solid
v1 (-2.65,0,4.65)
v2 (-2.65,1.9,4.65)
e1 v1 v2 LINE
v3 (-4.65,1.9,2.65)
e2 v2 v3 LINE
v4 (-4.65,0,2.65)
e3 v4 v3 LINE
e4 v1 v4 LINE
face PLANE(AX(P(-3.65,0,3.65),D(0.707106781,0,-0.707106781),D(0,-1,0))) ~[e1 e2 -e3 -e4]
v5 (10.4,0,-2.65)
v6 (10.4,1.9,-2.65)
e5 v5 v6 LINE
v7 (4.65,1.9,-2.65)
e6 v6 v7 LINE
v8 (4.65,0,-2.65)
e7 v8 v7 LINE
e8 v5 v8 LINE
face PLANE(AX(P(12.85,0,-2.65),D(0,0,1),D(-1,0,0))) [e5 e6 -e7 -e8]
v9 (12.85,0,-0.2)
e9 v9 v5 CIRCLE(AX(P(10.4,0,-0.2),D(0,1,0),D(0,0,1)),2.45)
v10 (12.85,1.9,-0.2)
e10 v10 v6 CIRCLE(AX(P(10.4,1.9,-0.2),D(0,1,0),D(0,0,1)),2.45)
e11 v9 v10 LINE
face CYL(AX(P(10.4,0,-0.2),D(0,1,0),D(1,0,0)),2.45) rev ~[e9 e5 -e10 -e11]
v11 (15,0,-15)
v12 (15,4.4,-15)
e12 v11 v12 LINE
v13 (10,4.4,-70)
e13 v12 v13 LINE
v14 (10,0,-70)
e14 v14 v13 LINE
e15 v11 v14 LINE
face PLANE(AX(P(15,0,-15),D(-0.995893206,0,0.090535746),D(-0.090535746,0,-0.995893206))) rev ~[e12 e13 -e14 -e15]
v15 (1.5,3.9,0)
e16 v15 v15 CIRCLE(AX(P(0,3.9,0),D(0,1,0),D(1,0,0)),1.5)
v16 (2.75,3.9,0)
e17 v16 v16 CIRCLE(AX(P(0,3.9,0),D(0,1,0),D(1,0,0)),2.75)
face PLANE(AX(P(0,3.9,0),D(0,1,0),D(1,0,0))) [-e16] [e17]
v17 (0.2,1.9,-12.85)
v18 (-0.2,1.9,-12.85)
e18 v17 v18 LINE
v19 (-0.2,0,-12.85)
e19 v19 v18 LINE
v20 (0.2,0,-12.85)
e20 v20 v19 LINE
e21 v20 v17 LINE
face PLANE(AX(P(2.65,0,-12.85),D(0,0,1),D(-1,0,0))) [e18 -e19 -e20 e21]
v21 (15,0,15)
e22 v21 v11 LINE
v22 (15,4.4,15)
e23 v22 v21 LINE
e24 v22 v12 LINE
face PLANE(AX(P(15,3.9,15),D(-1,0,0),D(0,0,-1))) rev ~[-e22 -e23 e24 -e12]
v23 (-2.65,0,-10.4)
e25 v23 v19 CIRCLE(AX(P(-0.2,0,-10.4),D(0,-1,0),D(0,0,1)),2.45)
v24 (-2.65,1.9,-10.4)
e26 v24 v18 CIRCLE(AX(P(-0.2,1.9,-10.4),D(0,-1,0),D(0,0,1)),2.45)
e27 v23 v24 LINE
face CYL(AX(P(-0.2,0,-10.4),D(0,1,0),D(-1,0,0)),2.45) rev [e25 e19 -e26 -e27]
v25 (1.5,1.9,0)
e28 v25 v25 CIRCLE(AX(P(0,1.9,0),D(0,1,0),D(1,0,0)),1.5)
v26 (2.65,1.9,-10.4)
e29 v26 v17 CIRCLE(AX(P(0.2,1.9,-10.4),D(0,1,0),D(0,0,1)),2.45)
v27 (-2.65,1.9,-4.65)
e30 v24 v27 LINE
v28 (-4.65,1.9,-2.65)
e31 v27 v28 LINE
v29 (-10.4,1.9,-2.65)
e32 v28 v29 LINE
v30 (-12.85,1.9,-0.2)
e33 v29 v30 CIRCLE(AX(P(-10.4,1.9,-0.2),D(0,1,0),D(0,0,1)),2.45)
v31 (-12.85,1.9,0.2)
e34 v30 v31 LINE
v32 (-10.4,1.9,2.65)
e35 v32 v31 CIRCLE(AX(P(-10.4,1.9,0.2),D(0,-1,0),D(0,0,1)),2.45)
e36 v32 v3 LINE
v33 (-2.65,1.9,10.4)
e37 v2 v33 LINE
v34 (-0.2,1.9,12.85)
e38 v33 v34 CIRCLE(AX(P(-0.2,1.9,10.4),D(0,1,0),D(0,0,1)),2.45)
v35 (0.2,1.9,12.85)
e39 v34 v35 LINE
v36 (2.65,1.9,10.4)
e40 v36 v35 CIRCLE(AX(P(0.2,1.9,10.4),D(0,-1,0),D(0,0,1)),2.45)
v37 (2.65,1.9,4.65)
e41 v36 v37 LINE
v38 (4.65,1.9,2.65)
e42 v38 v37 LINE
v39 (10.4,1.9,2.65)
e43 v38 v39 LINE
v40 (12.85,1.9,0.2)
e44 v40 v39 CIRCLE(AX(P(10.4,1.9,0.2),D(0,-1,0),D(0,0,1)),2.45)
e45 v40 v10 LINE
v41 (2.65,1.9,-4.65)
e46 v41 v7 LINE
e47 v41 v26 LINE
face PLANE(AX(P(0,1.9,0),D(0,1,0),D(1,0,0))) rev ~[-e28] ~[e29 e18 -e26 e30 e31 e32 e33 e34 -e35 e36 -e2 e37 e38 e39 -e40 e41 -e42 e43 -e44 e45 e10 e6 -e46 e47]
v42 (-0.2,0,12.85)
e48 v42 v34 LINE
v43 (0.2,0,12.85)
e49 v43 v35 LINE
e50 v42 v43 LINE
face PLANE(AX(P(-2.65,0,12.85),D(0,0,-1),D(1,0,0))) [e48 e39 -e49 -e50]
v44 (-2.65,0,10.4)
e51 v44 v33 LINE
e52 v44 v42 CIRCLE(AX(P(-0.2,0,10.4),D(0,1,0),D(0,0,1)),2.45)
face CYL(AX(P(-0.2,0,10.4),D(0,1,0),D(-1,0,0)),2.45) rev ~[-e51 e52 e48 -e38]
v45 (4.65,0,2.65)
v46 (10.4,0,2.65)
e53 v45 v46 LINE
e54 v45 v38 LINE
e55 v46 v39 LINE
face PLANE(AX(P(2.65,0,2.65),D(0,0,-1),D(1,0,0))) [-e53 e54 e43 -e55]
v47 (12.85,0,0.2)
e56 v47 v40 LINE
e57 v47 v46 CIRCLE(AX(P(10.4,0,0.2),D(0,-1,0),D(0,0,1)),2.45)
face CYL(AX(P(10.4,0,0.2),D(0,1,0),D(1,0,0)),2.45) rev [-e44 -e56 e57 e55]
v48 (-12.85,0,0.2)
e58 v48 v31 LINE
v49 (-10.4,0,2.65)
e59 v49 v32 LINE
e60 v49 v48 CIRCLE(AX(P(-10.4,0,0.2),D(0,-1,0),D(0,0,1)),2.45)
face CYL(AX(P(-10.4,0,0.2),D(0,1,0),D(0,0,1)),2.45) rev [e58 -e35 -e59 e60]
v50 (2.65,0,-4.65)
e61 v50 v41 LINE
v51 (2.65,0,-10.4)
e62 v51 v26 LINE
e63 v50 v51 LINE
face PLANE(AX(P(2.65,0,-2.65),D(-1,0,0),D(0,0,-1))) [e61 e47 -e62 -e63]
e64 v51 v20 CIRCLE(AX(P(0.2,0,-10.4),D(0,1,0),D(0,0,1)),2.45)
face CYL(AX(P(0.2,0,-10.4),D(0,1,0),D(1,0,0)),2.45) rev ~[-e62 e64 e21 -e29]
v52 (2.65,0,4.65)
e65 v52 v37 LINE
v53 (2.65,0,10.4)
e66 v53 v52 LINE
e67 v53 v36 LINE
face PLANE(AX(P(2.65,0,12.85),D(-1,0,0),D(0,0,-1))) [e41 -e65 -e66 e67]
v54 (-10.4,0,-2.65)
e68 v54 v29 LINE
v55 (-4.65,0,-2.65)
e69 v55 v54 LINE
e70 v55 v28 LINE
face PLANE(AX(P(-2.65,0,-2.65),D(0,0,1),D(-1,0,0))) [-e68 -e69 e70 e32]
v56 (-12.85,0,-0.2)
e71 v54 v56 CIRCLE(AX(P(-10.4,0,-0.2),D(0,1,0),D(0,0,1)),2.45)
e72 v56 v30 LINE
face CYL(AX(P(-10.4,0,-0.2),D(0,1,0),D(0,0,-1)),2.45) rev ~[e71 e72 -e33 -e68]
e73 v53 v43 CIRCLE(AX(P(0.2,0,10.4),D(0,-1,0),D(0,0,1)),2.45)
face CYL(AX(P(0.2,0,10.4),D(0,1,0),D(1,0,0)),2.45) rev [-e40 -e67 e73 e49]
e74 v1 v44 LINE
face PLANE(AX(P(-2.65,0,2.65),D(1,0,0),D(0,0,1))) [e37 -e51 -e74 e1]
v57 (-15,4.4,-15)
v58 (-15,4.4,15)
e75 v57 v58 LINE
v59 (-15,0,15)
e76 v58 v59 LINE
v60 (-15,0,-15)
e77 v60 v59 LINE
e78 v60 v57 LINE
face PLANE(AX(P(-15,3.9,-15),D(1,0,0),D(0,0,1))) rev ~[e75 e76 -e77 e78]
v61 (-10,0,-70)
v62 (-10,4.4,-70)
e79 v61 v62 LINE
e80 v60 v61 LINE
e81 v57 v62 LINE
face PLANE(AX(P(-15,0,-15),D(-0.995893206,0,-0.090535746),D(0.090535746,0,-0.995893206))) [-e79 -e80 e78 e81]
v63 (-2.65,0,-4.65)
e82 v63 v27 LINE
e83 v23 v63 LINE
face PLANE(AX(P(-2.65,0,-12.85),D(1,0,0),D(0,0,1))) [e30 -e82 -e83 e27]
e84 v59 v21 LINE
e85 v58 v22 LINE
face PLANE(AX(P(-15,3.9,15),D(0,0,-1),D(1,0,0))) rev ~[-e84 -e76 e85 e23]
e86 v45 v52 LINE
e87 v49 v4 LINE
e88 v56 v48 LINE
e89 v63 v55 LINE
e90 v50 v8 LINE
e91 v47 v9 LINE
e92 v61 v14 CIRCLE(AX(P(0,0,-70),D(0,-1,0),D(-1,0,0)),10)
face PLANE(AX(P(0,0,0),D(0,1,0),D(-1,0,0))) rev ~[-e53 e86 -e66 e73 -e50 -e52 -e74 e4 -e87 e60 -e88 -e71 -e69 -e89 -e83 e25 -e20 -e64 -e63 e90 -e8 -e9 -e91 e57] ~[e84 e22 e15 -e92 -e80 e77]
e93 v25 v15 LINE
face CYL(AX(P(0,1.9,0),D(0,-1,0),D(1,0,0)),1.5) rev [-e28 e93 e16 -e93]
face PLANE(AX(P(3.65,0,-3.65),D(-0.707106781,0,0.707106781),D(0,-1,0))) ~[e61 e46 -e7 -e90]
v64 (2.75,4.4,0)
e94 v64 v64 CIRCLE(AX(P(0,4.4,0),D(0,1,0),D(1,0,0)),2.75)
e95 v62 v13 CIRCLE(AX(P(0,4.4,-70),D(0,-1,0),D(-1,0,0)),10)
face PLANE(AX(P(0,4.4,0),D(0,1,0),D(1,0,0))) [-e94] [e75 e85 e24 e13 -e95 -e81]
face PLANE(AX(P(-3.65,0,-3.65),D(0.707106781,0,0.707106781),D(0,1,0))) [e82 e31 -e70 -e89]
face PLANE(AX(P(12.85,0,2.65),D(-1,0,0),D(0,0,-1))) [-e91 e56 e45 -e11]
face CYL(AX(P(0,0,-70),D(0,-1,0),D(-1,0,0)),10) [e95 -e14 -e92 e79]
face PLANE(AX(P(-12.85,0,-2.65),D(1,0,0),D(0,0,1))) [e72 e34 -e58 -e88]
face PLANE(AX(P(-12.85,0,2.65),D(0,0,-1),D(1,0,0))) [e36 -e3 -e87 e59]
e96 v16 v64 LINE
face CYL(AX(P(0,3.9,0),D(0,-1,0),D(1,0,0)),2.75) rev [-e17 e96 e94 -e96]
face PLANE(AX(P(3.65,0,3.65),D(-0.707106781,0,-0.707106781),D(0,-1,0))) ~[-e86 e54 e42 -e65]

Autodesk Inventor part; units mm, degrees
ref_plane "YZ Plane" through (0, 0, 0) normal (1, 0, 0) x (0, 1, 0)
ref_plane "XZ Plane" through (0, 0, 0) normal (0, 1, 0) x (-1, 0, 0)
ref_plane "XY Plane" through (0, 0, 0) normal (0, 0, 1) x (1, 0, 0)
sketch "Sketch1" plane through (0, 0, 0) normal (0, 1, 0) x (-1, 0, 0)
  line L0 (-15, -15) -> (15, -15)
  line L1 (15, -15) -> (15, 15)
  line L2 (15, 15) -> (-15, 15)
  line L3 (-15, 15) -> (-15, -15)
  line L4 (-15, -15) -> (15, 15) construction
  line L5 (15, -15) -> (-15, 15) construction
  line L6 (-2.45, -12.65) -> (2.45, -12.65) construction
  line L7 (2.45, -12.65) -> (2.45, 12.65) construction
  line L8 (2.45, 12.65) -> (-2.45, 12.65) construction
  line L9 (-2.45, 12.65) -> (-2.45, -12.65) construction
  line L10 (-2.45, -12.65) -> (2.45, 12.65) construction
  line L11 (2.45, -12.65) -> (-2.45, 12.65) construction
  line L12 (-12.65, -2.45) -> (12.65, -2.45) construction
  line L13 (12.65, -2.45) -> (12.65, 2.45) construction
  line L14 (12.65, 2.45) -> (-12.65, 2.45) construction
  line L15 (-12.65, 2.45) -> (-12.65, -2.45) construction
  line L16 (-12.65, -2.45) -> (12.65, 2.45) construction
  line L17 (12.65, -2.45) -> (-12.65, 2.45) construction
  line L18 (-12.85, -2.65) -> (12.85, -2.65)
  line L19 (12.85, -2.65) -> (12.85, 2.65)
  line L20 (12.85, 2.65) -> (-12.85, 2.65)
  line L21 (-12.85, 2.65) -> (-12.85, -2.65)
  line L22 (-12.85, -2.65) -> (12.85, 2.65) construction
  line L23 (12.85, -2.65) -> (-12.85, 2.65) construction
  line L24 (-2.65, -12.85) -> (2.65, -12.85)
  line L25 (2.65, -12.85) -> (2.65, 12.85)
  line L26 (2.65, 12.85) -> (-2.65, 12.85)
  line L27 (-2.65, 12.85) -> (-2.65, -12.85)
  line L28 (-2.65, -12.85) -> (2.65, 12.85) construction
  line L29 (2.65, -12.85) -> (-2.65, 12.85) construction
  point P0 (0, 0)
  point P1 (0, 0)
  dimension "d0" = 30
  dimension "d1" = 4.9
  dimension "d2" = 10.2
  dimension "d3" = 0.2
  dimension "d4" = 0.2
extrude "Extrusion1" add sketch "Sketch1" along normal blind 1.9
sketch "Sketch2" plane through (0, 1.9, 0) normal (0, 1, 0) x (1, 0, 0)
  line L0 (15, 15) -> (-15, 15) projected
  line L1 (-15, 15) -> (-15, -15) projected
  line L2 (-15, -15) -> (15, -15) projected
  line L3 (15, -15) -> (15, 15) projected
  circle A0 centre (0, 0) radius 1.5
  dimension "d7" = 3
extrude "Extrusion2" add sketch "Sketch2" along normal blind 2
sketch "Sketch3" plane through (0, 3.9, 0) normal (0, 1, 0) x (1, 0, 0)
  circle A0 centre (0, 0) radius 1.5 projected
  line L0 (15, 15) -> (-15, 15) projected
  line L1 (-15, 15) -> (-15, -15) projected
  line L2 (-15, -15) -> (15, -15) projected
  line L3 (15, -15) -> (15, 15) projected
  circle A1 centre (0, 0) radius 2.75
  dimension "d10" = 5.5
extrude "Extrusion3" add sketch "Sketch3" along normal blind 0.5 contours L3 L2 L1 L0
chamfer "Chamfer1" distance 2 angle 45 1 edges at (-2.65, 0.95, -2.65)
fillet "Fillet1" radius 2.45 1 edges at (-12.85, 0.95, -2.65)
fillet "Fillet2" radius 2.45 1 edges at (-2.65, 0.95, -12.85)
chamfer "Chamfer2" distance 2 angle 45 1 edges at (2.65, 0.95, -2.65)
chamfer "Chamfer3" distance 2 angle 45 1 edges at (2.65, 0.95, 2.65)
fillet "Fillet3" radius 2.45 1 edges at (12.85, 0.95, -2.65)
fillet "Fillet4" radius 2.45 1 edges at (2.65, 0.95, -12.85)
fillet "Fillet5" radius 2.45 1 edges at (12.85, 0.95, 2.65)
fillet "Fillet6" radius 2.45 1 edges at (2.65, 0.95, 12.85)
chamfer "Chamfer4" distance 2 angle 45 1 edges at (-2.65, 0.95, 2.65)
fillet "Fillet7" radius 2.45 2 edges at (-2.65, 0.95, 12.85) (-12.85, 0.95, 2.65)
sketch "Sketch4" plane through (0, 0, 0) normal (0, -1, 0) x (1, 0, 0)
  line L0 (15, -15) -> (-15, -15) projected
  line L1 (-10.4, 2.65) -> (-4.65, 2.65) projected
  line L2 (0, 0) -> (0, -74.1645) construction
  line L3 (-15, -15) -> (-10, -70)
  line L4 (15, -15) -> (10, -70)
  line L5 (-10, -70) -> (10, -70)
  arc A0 (-10, -70) -> (10, -70) centre (0, -70) ccw
  dimension "d32" = 70
  dimension "d33" = 20
extrude "Extrusion4" add sketch "Sketch4" against normal up to surface (4.4 mm away)
equation "\"d0\" = BackLowerLegKneeWidth"
equation "\"d1\" = ServoArmWidth"
equation "\"d2\" = ServoArmLength"
equation "\"d3\" = ServoArmSpacing"
equation "\"d4\" = ServoArmSpacing"
equation "\"d5\" = ServoArmThickness"
equation "\"d7\" = ServoArmHoleRequired"
equation "\"d8\" = MinimalThickness"
equation "\"d10\" = ServoArmHeadScrewTrace"
equation "\"d11\" = ServoArmHeadScrewThickness"
equation "\"d13\" = ServoArmInternFillet"
equation "\"d16\" = ServoArmExternFillet"
equation "\"d17\" = ServoArmExternFillet"
equation "\"d18\" = ServoArmInternFillet"
equation "\"d21\" = ServoArmInternFillet"
equation "\"d24\" = ServoArmExternFillet"
equation "\"d25\" = ServoArmExternFillet"
equation "\"d26\" = ServoArmExternFillet"
equation "\"d27\" = ServoArmExternFillet"
equation "\"d28\" = ServoArmInternFillet"
equation "\"d31\" = ServoArmExternFillet"
equation "\"d32\" = BackLowerLegLength"
equation "\"d33\" = BackLowerLegFootWidth"
equation "\"d34\" = ServoArmHoleRequired"
equation "\"BackLowerLegLength\" = 70"
equation "\"BackLowerLegFootWidth\" = 20"
equation "\"BackLowerLegKneeWidth\" = 30"
equation "\"ServoArmWidth\" = 4.9"
equation "\"ServoArmLength\" = 10.2"
equation "\"ServoArmSpacing\" = 0.2"
equation "\"ServoArmThickness\" = 1.9"
equation "\"ServoArmHoleRequired\" = 3"
equation "\"MinimalThickness\" = 2"
equation "\"ServoArmHeadScrewTrace\" = 5.5"
equation "\"ServoArmHeadScrewThickness\" = 0.5"
equation "\"ServoArmInternFillet\" = 2"
equation "\"ServoArmExternFillet\" = 2.45"
properties part number "BackLowerLeg" material "PC/ABS Plastic"
